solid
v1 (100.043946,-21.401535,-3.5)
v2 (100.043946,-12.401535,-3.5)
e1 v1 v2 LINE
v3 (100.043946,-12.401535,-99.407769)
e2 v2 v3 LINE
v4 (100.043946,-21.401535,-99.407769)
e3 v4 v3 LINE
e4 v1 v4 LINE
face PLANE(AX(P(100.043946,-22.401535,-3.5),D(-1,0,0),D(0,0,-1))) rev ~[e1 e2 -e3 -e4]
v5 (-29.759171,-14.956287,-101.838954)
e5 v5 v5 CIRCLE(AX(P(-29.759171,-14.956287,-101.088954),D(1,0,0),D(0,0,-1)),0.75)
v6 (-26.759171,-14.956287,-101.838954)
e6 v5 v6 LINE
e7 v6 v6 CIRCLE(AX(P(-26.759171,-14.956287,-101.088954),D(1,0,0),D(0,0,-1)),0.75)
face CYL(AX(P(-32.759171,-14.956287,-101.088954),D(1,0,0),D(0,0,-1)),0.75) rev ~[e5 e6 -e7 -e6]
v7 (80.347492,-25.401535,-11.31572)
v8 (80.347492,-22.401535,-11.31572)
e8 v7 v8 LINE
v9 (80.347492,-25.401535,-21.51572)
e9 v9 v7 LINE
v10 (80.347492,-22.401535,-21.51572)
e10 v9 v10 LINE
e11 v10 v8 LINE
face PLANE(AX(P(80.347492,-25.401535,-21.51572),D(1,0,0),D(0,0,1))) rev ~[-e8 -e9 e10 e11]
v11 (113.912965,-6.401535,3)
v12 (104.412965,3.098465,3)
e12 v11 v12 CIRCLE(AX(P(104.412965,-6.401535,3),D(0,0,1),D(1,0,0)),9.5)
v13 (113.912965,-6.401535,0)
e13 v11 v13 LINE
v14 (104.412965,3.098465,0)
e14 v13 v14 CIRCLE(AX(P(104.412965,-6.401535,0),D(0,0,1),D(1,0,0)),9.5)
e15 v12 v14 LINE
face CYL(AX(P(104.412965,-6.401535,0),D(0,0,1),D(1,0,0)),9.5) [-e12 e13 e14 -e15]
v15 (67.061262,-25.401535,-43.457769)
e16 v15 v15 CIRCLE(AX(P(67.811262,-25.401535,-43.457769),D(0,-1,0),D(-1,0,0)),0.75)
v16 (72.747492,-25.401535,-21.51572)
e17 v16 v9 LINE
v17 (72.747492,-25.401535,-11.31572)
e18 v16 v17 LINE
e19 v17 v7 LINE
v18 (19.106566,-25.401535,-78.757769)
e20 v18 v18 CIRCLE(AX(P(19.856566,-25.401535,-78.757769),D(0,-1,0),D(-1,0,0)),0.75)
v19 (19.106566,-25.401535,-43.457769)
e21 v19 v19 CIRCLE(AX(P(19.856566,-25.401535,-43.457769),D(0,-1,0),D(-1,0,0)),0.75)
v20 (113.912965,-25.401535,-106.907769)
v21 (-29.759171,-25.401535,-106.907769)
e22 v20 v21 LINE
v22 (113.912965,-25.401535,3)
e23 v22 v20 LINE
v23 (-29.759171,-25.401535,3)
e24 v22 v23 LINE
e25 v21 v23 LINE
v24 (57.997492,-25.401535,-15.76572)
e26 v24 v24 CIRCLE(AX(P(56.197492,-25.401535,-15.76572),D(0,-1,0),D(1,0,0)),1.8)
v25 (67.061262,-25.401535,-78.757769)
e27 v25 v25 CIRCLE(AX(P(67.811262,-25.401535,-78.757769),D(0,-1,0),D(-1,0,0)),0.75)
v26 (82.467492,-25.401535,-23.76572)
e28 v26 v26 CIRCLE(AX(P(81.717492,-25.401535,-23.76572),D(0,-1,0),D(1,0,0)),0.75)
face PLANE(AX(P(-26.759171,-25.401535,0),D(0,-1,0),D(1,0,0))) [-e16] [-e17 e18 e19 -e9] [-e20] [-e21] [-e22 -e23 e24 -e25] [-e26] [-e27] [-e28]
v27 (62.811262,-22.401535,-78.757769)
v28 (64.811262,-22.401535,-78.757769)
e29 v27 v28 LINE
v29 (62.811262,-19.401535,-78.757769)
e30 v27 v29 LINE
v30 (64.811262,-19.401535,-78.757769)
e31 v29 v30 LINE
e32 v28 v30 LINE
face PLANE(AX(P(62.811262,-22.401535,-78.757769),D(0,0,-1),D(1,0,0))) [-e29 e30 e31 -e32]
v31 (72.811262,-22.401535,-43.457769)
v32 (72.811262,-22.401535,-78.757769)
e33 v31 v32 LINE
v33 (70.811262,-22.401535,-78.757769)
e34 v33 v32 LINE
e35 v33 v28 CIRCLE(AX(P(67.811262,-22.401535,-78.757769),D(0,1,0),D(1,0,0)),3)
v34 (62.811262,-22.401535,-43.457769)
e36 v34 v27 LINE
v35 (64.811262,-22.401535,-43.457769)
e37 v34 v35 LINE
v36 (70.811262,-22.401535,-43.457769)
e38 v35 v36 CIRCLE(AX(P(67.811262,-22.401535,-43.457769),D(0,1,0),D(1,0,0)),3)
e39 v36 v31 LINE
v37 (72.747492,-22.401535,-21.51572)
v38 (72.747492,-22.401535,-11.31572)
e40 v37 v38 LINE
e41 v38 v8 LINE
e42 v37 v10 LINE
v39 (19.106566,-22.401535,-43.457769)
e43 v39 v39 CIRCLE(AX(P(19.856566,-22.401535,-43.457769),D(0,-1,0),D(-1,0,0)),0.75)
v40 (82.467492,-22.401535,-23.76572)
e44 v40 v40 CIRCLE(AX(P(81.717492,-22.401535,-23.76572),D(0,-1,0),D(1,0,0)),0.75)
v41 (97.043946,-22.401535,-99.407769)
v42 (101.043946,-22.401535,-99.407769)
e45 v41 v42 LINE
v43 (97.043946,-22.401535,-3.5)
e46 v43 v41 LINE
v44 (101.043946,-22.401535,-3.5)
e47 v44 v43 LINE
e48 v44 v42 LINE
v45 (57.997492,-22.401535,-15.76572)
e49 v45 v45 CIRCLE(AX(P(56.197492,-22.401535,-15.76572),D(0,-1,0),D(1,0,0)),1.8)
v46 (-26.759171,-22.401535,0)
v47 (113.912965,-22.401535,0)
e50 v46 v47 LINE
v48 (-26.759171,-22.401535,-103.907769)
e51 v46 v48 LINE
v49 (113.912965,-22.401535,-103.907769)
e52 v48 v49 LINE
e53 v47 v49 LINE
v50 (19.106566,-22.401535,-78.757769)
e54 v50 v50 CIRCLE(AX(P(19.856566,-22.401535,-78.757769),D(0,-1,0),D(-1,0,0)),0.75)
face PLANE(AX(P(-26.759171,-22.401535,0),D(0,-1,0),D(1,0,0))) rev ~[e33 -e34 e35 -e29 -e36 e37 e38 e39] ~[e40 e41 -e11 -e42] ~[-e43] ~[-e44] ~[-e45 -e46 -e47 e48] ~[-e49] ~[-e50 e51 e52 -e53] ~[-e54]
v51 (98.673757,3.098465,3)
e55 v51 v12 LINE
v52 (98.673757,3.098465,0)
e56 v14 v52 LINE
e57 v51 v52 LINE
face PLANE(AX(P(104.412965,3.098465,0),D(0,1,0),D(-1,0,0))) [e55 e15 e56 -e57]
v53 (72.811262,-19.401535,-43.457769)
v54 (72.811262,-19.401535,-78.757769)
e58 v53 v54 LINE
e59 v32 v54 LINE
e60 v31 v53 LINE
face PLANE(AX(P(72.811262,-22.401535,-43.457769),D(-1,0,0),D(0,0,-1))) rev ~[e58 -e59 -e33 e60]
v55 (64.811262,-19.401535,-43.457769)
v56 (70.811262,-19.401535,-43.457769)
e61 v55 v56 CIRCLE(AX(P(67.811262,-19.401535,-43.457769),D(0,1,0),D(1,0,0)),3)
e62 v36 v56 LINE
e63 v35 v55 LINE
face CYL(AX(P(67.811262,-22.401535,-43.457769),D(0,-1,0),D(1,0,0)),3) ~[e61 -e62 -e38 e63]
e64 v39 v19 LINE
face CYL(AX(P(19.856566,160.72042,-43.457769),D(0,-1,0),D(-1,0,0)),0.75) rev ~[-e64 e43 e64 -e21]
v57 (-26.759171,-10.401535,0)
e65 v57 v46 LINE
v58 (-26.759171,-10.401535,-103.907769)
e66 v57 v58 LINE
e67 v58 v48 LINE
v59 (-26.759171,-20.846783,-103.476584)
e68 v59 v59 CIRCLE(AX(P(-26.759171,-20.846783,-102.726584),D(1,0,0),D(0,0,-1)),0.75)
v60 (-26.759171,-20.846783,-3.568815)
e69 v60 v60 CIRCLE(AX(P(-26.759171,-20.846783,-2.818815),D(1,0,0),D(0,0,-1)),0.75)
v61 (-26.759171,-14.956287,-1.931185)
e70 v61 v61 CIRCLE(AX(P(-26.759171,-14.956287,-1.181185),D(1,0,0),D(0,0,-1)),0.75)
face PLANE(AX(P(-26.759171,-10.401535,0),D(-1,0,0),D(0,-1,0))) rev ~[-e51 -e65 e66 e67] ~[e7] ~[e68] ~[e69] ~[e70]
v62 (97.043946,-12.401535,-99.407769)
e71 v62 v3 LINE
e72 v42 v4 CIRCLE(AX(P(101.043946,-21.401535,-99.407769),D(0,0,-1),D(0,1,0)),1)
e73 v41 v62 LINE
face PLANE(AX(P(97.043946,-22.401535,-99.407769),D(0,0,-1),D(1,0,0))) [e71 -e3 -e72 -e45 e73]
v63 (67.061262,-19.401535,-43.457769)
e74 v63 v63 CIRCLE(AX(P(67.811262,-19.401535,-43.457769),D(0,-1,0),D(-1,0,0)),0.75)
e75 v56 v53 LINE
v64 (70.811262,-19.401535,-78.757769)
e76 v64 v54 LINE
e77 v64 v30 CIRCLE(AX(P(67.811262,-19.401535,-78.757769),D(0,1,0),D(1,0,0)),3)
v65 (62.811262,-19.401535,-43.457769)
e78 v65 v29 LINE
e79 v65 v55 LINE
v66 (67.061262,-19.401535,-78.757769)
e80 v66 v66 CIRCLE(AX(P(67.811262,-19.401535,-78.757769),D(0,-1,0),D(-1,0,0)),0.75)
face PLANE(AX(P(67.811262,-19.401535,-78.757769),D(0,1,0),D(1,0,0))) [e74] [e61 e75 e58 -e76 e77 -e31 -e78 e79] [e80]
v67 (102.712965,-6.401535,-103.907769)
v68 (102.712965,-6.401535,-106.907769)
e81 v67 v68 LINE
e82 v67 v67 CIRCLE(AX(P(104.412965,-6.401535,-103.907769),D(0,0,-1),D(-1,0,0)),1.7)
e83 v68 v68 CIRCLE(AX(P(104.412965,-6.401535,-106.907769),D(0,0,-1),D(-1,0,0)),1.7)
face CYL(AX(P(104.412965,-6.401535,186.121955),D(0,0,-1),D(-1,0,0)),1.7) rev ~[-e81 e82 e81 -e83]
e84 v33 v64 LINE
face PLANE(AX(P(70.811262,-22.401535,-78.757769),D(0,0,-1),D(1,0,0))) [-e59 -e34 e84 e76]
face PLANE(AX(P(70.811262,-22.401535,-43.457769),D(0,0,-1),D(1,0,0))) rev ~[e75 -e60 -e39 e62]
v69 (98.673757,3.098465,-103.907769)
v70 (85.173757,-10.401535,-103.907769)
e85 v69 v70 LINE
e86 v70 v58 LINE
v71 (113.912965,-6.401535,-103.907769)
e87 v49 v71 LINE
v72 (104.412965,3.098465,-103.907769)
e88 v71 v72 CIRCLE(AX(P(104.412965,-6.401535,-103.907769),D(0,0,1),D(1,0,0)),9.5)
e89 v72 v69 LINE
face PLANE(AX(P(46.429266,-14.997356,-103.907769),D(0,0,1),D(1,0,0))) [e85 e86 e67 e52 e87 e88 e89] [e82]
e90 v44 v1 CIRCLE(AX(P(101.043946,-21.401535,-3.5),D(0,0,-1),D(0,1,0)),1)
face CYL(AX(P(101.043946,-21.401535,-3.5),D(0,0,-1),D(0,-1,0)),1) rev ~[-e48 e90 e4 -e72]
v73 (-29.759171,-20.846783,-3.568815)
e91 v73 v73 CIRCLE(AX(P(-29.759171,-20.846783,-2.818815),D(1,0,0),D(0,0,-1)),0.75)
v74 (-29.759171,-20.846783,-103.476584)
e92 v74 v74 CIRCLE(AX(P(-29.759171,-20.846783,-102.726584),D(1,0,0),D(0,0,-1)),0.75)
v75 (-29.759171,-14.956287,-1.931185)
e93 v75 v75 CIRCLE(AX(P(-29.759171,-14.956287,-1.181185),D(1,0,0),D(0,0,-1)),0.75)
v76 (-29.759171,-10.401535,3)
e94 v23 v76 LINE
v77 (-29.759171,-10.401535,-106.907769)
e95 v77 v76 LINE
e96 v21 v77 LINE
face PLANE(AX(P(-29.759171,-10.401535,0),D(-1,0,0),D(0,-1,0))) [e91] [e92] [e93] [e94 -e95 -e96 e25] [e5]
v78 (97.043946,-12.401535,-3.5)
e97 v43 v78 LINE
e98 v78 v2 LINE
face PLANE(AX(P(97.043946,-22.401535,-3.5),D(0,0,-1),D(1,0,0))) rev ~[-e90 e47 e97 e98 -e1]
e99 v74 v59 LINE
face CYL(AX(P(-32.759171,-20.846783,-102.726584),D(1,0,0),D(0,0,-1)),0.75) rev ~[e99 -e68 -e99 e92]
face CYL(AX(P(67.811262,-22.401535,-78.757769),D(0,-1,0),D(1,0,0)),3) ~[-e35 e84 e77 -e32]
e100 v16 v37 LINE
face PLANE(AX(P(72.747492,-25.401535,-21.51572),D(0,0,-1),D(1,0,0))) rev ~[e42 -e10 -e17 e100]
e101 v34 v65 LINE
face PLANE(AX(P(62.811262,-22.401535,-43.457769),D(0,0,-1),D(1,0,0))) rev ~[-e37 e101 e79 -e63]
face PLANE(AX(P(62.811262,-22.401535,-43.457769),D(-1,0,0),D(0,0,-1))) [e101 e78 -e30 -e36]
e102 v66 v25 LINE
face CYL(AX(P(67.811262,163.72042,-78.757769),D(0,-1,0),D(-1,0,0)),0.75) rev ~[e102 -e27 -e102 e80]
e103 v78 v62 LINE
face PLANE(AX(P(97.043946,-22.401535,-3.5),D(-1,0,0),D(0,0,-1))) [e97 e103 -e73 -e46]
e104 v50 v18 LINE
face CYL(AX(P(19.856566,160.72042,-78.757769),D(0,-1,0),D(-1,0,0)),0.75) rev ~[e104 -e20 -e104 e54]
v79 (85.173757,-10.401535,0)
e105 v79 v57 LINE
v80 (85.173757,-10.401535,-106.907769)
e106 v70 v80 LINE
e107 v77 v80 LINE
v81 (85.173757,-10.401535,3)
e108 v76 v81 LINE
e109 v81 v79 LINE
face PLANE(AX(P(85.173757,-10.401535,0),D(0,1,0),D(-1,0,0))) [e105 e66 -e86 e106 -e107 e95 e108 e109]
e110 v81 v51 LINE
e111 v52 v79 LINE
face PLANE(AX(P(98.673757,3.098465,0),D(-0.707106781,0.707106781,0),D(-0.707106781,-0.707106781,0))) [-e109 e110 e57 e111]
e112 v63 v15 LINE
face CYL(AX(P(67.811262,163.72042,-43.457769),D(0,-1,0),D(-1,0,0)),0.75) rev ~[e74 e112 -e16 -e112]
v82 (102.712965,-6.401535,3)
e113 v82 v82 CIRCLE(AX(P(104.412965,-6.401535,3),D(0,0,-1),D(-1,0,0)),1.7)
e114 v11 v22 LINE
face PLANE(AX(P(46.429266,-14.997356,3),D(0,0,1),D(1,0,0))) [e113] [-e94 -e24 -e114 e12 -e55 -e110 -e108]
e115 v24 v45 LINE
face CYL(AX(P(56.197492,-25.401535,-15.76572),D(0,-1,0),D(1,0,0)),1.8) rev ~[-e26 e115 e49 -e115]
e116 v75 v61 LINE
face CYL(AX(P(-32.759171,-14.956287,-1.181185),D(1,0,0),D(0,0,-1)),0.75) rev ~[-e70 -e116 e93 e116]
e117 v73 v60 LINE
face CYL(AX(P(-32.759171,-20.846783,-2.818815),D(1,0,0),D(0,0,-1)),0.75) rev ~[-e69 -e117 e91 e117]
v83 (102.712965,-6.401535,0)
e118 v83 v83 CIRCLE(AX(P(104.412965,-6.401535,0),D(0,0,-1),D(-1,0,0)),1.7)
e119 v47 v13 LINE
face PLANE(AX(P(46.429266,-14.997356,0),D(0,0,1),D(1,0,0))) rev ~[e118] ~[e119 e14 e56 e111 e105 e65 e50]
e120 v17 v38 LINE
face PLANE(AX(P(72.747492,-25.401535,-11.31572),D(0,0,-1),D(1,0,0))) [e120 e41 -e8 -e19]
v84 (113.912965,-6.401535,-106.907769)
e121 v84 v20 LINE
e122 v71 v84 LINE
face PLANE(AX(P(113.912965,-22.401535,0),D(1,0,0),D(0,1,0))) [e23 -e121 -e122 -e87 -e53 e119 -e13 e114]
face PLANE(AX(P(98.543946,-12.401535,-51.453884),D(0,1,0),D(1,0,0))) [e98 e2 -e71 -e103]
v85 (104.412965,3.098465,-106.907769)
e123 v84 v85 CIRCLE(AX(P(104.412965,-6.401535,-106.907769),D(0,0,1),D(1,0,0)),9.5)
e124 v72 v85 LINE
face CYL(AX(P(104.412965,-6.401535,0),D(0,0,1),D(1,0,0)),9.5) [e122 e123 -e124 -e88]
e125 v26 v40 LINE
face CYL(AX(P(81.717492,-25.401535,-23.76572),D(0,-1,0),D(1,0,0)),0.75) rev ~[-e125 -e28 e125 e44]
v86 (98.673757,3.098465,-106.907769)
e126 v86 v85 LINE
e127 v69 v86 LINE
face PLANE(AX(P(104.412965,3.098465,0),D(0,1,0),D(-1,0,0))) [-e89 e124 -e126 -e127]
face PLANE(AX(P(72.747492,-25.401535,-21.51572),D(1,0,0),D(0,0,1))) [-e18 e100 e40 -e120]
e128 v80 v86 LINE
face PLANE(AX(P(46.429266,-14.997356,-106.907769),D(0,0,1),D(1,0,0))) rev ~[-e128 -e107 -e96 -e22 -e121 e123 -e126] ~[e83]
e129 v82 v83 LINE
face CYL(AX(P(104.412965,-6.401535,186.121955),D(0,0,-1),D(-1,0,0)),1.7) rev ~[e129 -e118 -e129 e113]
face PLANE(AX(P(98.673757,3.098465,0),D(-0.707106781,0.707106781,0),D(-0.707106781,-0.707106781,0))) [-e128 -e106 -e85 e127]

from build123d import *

# Parameters (mm, degrees)
EXTRUDE_1_DEPTH             = 103.907768917
SHELL_1_T                   = 3
HOLE_WIZARD_M3_1_D          = 3.4
SKETCH_6_W                  = 3
SKETCH_6_H                  = 95.907768917
EXTRUDE_2_DEPTH             = 10
SKETCH_10_R                 = 3
SKETCH_10_W                 = 10
SKETCH_10_H                 = 35.3
EXTRUDE_3_DEPTH             = 3
HOLE_WIZARD_M2_2_D          = 1.5
HOLE_WIZARD_M2_3_D          = 1.5
SKETCH_17_R                 = 1.8
SKETCH_17_R_2               = 0.75
SKETCH_17_W                 = 7.6
SKETCH_17_H                 = 10.2
CUT_EXTRUDE_1_DEPTH         = 3
FILLET_1_R                  = 1
TAP_DRILL_FOR_M2_TAP1_D     = 1.5
TAP_DRILL_FOR_M2_TAP1_DEPTH = 3


with BuildPart() as part:
    # 草图1 → 凸台-拉伸1 (new body)
    with BuildSketch(Plane.XY):
        with BuildLine():
            Line((113.912965174, -22.401534746), (113.912965174, -6.401534746))
            ThreePointArc((113.912965174, -6.401534746), (111.130479595, 0.315979676), (104.412965174, 3.098465254))
            Line((104.412965174, 3.098465254), (98.673756893, 3.098465254))
            Line((98.673756893, 3.098465254), (85.173756893, -10.401534746))
            Line((85.173756893, -10.401534746), (-26.759170781, -10.401534746))
            Line((-26.759170781, -10.401534746), (-26.759170781, -22.401534746))
            Line((-26.759170781, -22.401534746), (113.912965174, -22.401534746))
        make_face()
    extrude(amount=-EXTRUDE_1_DEPTH)

    # 抽壳1
    shell_1_openings = [part.faces().sort_by_distance(p)[0] for p in [
        (113.912965174, -14.401534746, -51.953884458),
        (111.130479595, 0.315979676, -51.953884458),
        (101.543361033, 3.098465254, -51.953884458),
        (91.923756893, -3.651534746, -51.953884458),
        (29.207293056, -10.401534746, -51.953884458),
    ]]
    offset(amount=SHELL_1_T, openings=shell_1_openings, kind=Kind.INTERSECTION)

    # M3 间隙孔1 (through all)
    with Locations(Plane.XY.offset(3)):
        with Locations((104.412965174, -6.401534746)):
            Hole(HOLE_WIZARD_M3_1_D / 2)

    # 草图6 → 凸台-拉伸2 (add)
    with BuildSketch(Plane(origin=(0, -22.401534746, 0), x_dir=(1, 0, 0), z_dir=(0, 1, 0))):
        with Locations((98.543945955, 51.453884459)):
            Rectangle(SKETCH_6_W, SKETCH_6_H)
    extrude(amount=EXTRUDE_2_DEPTH)

    # 草图10 → 凸台-拉伸3 (add)
    with BuildSketch(Plane(origin=(0, -22.401534746, 0), x_dir=(1, 0, 0), z_dir=(0, 1, 0))):
        with Locations((67.811261753, 78.757768917)):
            Circle(SKETCH_10_R)
        with Locations((67.811261753, 43.457768917)):
            Circle(SKETCH_10_R)
        with Locations((67.811261753, 61.107768917)):
            Rectangle(SKETCH_10_W, SKETCH_10_H)
        with BuildLine():
            ThreePointArc((64.811261753, 43.457768917), (67.811261753, 40.457768917), (70.811261753, 43.457768917))
            Line((70.811261753, 43.457768917), (64.811261753, 43.457768917))
        make_face()
        with BuildLine():
            Line((64.811261753, 43.457768917), (70.811261753, 43.457768917))
            ThreePointArc((70.811261753, 43.457768917), (67.811261753, 46.457768917), (64.811261753, 43.457768917))
        make_face()
        with BuildLine():
            ThreePointArc((64.811261753, 78.757768917), (67.811261753, 75.757768917), (70.811261753, 78.757768917))
            Line((70.811261753, 78.757768917), (64.811261753, 78.757768917))
        make_face()
        with BuildLine():
            Line((64.811261753, 78.757768917), (70.811261753, 78.757768917))
            ThreePointArc((70.811261753, 78.757768917), (67.811261753, 81.757768917), (64.811261753, 78.757768917))
        make_face()
    extrude(amount=EXTRUDE_3_DEPTH)

    # M2 螺纹孔的螺纹孔钻头2 (through all)
    with Locations(Plane(origin=(0, -19.401534746, 0), x_dir=(1, 0, 0), z_dir=(0, 1, 0))):
        with Locations((67.811261753, 43.457768917), (67.811261753, 78.757768917)):
            Hole(HOLE_WIZARD_M2_2_D / 2)

    # M2 螺纹孔的螺纹孔钻头3 (through all)
    with Locations(Plane(origin=(0, -22.401534746, 0), x_dir=(1, 0, 0), z_dir=(0, 1, 0))):
        with Locations((19.856566152, 43.457768917), (19.856566152, 78.757768917)):
            Hole(HOLE_WIZARD_M2_3_D / 2)

    # 草图17 → 切除-拉伸1 (cut)
    with BuildSketch(Plane.XZ.offset(25.401534746)):
        with Locations((56.1974918, -15.765719737)):
            Circle(SKETCH_17_R)
        with Locations((81.7174918, -23.765719737)):
            Circle(SKETCH_17_R_2)
        with Locations((76.5474918, -16.415719737)):
            Rectangle(SKETCH_17_W, SKETCH_17_H)
    extrude(amount=-CUT_EXTRUDE_1_DEPTH, mode=Mode.SUBTRACT)

    # 圆角1
    fillet_1_edges = [part.edges().sort_by_distance(p)[0] for p in [
        (100.043945955, -22.401534746, -51.453884458),
    ]]
    fillet(fillet_1_edges, radius=FILLET_1_R)

    # Tap Drill for M2 Tap1
    with Locations(Plane.ZY.offset(29.759170781)):
        with Locations((-2.818814719, -20.846782883), (-1.181185281, -14.956286608), (-102.726583636, -20.846782883), (-101.088954197, -14.956286608)):
            Hole(TAP_DRILL_FOR_M2_TAP1_D / 2, depth=TAP_DRILL_FOR_M2_TAP1_DEPTH)


solid = part.part
